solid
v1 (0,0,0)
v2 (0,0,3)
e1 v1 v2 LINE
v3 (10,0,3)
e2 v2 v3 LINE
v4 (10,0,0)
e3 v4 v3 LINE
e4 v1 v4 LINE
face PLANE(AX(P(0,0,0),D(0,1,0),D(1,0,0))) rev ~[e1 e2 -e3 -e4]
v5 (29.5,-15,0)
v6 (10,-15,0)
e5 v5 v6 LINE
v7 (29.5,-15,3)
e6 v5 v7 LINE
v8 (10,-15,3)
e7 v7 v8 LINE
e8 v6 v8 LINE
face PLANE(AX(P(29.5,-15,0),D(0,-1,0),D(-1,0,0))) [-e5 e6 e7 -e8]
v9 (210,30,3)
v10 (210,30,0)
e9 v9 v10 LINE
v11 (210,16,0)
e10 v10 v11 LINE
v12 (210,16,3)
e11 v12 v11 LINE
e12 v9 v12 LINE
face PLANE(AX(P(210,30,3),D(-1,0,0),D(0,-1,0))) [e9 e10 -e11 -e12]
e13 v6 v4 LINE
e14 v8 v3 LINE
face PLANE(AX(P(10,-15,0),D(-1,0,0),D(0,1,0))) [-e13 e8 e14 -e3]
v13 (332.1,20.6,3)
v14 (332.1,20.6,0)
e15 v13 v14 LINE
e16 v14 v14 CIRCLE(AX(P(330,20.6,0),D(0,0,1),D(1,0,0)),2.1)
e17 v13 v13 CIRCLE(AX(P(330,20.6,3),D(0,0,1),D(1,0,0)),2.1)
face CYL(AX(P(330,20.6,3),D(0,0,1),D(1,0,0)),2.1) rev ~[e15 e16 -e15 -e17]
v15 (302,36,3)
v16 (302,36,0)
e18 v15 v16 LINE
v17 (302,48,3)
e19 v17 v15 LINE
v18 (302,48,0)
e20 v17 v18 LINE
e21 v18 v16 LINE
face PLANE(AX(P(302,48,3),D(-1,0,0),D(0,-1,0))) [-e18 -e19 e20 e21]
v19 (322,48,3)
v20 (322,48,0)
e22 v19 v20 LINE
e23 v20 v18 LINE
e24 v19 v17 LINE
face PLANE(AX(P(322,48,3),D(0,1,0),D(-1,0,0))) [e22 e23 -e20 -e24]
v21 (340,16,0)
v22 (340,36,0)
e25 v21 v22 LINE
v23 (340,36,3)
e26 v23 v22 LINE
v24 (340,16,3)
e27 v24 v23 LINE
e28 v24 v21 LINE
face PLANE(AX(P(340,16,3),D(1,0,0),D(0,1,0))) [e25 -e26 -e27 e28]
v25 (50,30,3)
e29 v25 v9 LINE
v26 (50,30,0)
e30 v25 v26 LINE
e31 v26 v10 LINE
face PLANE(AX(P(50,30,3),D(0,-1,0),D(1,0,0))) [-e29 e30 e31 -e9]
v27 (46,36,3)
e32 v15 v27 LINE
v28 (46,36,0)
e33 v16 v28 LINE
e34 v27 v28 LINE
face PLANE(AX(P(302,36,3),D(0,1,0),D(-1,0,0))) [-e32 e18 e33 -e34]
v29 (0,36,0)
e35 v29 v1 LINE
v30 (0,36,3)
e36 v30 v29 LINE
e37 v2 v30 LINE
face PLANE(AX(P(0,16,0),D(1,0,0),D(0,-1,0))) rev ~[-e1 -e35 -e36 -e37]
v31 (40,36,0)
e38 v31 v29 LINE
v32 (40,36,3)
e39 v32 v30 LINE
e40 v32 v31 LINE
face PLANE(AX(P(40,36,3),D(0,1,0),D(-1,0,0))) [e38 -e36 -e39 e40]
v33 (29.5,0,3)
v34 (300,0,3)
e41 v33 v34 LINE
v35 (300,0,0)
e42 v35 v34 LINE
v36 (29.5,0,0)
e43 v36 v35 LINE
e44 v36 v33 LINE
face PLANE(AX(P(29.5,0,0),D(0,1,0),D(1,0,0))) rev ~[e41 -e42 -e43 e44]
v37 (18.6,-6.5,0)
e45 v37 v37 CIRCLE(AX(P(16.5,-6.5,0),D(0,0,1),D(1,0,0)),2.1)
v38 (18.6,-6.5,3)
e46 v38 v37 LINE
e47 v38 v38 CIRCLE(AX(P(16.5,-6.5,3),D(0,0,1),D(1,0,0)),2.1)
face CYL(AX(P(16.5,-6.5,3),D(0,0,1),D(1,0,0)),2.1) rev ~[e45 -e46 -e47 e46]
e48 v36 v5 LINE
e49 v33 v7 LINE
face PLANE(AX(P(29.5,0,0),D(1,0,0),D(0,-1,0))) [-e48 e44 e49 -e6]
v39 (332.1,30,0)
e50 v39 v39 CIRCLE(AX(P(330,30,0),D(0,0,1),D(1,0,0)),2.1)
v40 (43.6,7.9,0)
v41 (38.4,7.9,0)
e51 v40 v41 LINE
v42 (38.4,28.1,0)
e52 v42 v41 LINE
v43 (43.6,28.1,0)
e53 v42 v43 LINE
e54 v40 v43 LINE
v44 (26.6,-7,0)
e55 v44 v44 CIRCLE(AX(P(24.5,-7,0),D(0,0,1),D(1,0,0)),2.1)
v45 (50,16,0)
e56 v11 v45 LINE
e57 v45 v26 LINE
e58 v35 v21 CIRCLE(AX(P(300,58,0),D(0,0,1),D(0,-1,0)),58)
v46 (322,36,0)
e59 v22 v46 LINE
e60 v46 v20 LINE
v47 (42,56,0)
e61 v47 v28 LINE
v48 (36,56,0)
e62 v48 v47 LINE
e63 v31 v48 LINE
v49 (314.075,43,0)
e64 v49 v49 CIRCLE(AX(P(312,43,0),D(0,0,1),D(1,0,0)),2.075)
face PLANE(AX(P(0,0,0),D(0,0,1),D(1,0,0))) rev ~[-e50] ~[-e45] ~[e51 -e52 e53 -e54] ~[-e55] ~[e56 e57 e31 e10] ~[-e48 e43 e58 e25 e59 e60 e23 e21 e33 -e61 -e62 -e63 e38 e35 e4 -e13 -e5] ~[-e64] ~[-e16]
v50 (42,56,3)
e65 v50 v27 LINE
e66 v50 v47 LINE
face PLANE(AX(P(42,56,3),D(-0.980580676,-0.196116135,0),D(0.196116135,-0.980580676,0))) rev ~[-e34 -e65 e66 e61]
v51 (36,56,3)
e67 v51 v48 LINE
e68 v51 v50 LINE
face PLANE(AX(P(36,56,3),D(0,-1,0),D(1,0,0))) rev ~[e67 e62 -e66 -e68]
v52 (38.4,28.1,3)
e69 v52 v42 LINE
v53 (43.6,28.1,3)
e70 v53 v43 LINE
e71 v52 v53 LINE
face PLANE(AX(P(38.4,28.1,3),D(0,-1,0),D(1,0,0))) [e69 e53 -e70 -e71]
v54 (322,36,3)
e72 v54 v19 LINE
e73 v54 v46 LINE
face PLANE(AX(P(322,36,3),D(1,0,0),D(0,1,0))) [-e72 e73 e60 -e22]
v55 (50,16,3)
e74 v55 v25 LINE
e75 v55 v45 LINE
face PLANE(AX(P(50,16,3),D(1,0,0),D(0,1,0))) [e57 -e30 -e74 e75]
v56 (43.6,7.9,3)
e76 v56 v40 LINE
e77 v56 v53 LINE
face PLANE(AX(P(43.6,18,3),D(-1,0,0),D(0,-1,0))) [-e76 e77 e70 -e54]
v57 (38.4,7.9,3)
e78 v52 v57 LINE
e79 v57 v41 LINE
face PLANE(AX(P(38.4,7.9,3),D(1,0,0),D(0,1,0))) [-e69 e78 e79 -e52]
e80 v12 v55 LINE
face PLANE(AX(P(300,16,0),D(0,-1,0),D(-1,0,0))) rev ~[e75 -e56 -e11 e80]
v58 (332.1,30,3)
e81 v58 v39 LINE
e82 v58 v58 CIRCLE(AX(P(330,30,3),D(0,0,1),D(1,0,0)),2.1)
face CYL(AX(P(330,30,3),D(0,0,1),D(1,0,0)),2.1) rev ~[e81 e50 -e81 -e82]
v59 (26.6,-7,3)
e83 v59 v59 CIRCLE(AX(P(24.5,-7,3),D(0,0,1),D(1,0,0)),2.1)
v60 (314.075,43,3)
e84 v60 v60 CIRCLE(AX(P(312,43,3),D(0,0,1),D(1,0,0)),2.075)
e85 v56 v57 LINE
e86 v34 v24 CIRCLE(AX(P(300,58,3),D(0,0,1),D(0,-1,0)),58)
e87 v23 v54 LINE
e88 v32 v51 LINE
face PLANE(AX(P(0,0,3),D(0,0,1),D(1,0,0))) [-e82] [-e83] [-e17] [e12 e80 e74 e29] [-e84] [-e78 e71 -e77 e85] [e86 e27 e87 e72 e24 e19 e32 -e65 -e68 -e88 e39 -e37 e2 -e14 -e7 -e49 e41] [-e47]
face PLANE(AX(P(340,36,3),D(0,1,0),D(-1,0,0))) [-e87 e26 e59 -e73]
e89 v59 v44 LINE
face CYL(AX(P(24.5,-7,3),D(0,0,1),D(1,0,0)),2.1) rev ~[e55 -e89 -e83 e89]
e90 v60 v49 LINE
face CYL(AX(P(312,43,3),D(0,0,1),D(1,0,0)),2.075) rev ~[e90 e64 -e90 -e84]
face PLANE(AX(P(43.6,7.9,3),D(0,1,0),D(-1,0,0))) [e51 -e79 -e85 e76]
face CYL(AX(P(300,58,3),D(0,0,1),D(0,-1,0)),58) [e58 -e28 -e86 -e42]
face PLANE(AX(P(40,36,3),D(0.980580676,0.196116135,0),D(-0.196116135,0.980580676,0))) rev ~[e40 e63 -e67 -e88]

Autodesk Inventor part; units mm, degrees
ref_plane "YZ Plane" through (0, 0, 0) normal (1, 0, 0) x (0, 1, 0)
ref_plane "XZ Plane" through (0, 0, 0) normal (0, 1, 0) x (-1, 0, 0)
ref_plane "XY Plane" through (0, 0, 0) normal (0, 0, 1) x (1, 0, 0)
sketch "Sketch1" plane through (0, 0, 0) normal (0, 0, 1) x (1, 0, 0)
  line L0 (0, 0) -> (300, 0)
  line L1 (300, 0) -> (300, 16)
  line L2 (300, 16) -> (0, 16)
  line L3 (0, 16) -> (0, 0)
  line L4 (0, 0) -> (22.0483, 0)
  line L5 (10, 0) -> (29.5, 0)
  line L6 (29.5, 0) -> (29.5, -15)
  line L7 (29.5, -15) -> (10, -15)
  line L8 (10, -15) -> (10, 0)
  point P0 (0, 8)
  dimension "d2" = 19.5
  dimension "d3" = 15
  dimension "d4" = 10
  dimension "d5" = 16
  dimension "d8" = 300
extrude "Extrusion1" add sketch "Sketch1" along normal blind 3
sketch "Sketch2" plane through (0, 0, 3) normal (0, 0, 1) x (1, 0, 0)
  line L0 (0, 16) -> (0, 0) projected
  line L1 (0, 16) -> (0, 36)
  line L2 (300, 0) -> (300, 16) projected
  line L3 (340, 16) -> (340, 36)
  line L4 (340, 36) -> (0, 36)
  line L5 (300, 16) -> (0, 16) projected
  line L6 (50, 16) -> (50, 30)
  line L7 (50, 30) -> (210, 30)
  line L8 (210, 30) -> (210, 16)
  line L9 (40, 36) -> (36, 56)
  line L10 (36, 56) -> (42, 56)
  line L11 (42, 56) -> (46, 36)
  circle A0 centre (330, 30) radius 2.1
  circle A1 centre (330, 20.6) radius 2.1
  line L12 (340, 16) -> (300, 16)
  line L13 (302, 36) -> (322, 36)
  line L14 (322, 36) -> (322, 48)
  line L15 (322, 48) -> (302, 48)
  line L16 (302, 48) -> (302, 36)
  circle A2 centre (312, 43) radius 2.075
  point P0 (312, 48)
  point P1 (322, 36)
  dimension "d44" = 20
  dimension "d45" = 160
  dimension "d46" = 50
  dimension "d47" = 14
  dimension "d48" = 20
  dimension "d49" = 6
  dimension "d50" = 4
  dimension "d51" = 40
  dimension "d83" = 4.2
  dimension "d84" = 4.2
  dimension "d85" = 6
  dimension "d86" = 9.4
  dimension "d87" = 10
  dimension "d99" = 40
  dimension "d107" = 7
  dimension "d108" = 20
  dimension "d109" = 12
  dimension "d110" = 18
  dimension "d111" = 4.15
extrude "Extrusion2" add sketch "Sketch2" against normal blind 3 contours L1 L4 L3 L12 L5 L8 L7 L6 | L9 L10 L11 L4 | L16 L15 L14 L4
sketch "Sketch3" plane through (0, 0, 3) normal (0, 0, 1) x (1, 0, 0)
  circle A0 centre (16.5, -6.5) radius 2.1
  circle A1 centre (24.5, -7) radius 2.1
  line L0 (29.5, 0) -> (300, 0) projected
  line L1 (29.5, -15) -> (29.5, 0) projected
  point P0 (0, 0)
  dimension "d75" = 4.2
  dimension "d76" = 6.5
  dimension "d77" = 4.2
  dimension "d78" = 7
  dimension "d79" = 5
  dimension "d80" = 8
extrude "Extrusion3" cut sketch "Sketch3" against normal blind 3
sketch "Sketch4" plane through (0, 0, 3) normal (0, 0, 1) x (1, 0, 0)
  line L0 (29.5, 0) -> (300, 0) projected
  circle A0 centre (41, 18) radius 2.6
  line L1 (340, 36) -> (46, 36) projected
  line L2 (38.4, 28.1) -> (43.6, 28.1)
  line L3 (43.6, 28.1) -> (43.6, 7.9)
  line L4 (43.6, 7.9) -> (38.4, 7.9)
  line L5 (38.4, 7.9) -> (38.4, 28.1)
  line L6 (38.4, 28.1) -> (43.6, 7.9) construction
  line L7 (43.6, 28.1) -> (38.4, 7.9) construction
  point P0 (0, 0)
  point P1 (43.6, 18)
  point P2 (38.4, 18)
  dimension "d95" = 18
  dimension "d96" = 5.2
  dimension "d100" = 5
  dimension "d101" = 20.2
extrude "Extrusion4" cut sketch "Sketch4" against normal blind 3
sketch "Sketch5" plane through (0, 0, 3) normal (0, 0, 1) x (1, 0, 0)
  line L0 (29.5, 0) -> (300, 0) projected
  line L1 (340, 36) -> (340, 16) projected
  arc A0 (300, 0) -> (340, 16) centre (300, 58) ccw
  line L2 (300, 0) -> (300, 16) projected
  line L3 (300, 0) -> (300, 16)
  line L4 (300, 16) -> (340, 16)
  point P0 (0, 0)
extrude "Extrusion5" add sketch "Sketch5" against normal blind 3
properties part number "Middle_bar"
